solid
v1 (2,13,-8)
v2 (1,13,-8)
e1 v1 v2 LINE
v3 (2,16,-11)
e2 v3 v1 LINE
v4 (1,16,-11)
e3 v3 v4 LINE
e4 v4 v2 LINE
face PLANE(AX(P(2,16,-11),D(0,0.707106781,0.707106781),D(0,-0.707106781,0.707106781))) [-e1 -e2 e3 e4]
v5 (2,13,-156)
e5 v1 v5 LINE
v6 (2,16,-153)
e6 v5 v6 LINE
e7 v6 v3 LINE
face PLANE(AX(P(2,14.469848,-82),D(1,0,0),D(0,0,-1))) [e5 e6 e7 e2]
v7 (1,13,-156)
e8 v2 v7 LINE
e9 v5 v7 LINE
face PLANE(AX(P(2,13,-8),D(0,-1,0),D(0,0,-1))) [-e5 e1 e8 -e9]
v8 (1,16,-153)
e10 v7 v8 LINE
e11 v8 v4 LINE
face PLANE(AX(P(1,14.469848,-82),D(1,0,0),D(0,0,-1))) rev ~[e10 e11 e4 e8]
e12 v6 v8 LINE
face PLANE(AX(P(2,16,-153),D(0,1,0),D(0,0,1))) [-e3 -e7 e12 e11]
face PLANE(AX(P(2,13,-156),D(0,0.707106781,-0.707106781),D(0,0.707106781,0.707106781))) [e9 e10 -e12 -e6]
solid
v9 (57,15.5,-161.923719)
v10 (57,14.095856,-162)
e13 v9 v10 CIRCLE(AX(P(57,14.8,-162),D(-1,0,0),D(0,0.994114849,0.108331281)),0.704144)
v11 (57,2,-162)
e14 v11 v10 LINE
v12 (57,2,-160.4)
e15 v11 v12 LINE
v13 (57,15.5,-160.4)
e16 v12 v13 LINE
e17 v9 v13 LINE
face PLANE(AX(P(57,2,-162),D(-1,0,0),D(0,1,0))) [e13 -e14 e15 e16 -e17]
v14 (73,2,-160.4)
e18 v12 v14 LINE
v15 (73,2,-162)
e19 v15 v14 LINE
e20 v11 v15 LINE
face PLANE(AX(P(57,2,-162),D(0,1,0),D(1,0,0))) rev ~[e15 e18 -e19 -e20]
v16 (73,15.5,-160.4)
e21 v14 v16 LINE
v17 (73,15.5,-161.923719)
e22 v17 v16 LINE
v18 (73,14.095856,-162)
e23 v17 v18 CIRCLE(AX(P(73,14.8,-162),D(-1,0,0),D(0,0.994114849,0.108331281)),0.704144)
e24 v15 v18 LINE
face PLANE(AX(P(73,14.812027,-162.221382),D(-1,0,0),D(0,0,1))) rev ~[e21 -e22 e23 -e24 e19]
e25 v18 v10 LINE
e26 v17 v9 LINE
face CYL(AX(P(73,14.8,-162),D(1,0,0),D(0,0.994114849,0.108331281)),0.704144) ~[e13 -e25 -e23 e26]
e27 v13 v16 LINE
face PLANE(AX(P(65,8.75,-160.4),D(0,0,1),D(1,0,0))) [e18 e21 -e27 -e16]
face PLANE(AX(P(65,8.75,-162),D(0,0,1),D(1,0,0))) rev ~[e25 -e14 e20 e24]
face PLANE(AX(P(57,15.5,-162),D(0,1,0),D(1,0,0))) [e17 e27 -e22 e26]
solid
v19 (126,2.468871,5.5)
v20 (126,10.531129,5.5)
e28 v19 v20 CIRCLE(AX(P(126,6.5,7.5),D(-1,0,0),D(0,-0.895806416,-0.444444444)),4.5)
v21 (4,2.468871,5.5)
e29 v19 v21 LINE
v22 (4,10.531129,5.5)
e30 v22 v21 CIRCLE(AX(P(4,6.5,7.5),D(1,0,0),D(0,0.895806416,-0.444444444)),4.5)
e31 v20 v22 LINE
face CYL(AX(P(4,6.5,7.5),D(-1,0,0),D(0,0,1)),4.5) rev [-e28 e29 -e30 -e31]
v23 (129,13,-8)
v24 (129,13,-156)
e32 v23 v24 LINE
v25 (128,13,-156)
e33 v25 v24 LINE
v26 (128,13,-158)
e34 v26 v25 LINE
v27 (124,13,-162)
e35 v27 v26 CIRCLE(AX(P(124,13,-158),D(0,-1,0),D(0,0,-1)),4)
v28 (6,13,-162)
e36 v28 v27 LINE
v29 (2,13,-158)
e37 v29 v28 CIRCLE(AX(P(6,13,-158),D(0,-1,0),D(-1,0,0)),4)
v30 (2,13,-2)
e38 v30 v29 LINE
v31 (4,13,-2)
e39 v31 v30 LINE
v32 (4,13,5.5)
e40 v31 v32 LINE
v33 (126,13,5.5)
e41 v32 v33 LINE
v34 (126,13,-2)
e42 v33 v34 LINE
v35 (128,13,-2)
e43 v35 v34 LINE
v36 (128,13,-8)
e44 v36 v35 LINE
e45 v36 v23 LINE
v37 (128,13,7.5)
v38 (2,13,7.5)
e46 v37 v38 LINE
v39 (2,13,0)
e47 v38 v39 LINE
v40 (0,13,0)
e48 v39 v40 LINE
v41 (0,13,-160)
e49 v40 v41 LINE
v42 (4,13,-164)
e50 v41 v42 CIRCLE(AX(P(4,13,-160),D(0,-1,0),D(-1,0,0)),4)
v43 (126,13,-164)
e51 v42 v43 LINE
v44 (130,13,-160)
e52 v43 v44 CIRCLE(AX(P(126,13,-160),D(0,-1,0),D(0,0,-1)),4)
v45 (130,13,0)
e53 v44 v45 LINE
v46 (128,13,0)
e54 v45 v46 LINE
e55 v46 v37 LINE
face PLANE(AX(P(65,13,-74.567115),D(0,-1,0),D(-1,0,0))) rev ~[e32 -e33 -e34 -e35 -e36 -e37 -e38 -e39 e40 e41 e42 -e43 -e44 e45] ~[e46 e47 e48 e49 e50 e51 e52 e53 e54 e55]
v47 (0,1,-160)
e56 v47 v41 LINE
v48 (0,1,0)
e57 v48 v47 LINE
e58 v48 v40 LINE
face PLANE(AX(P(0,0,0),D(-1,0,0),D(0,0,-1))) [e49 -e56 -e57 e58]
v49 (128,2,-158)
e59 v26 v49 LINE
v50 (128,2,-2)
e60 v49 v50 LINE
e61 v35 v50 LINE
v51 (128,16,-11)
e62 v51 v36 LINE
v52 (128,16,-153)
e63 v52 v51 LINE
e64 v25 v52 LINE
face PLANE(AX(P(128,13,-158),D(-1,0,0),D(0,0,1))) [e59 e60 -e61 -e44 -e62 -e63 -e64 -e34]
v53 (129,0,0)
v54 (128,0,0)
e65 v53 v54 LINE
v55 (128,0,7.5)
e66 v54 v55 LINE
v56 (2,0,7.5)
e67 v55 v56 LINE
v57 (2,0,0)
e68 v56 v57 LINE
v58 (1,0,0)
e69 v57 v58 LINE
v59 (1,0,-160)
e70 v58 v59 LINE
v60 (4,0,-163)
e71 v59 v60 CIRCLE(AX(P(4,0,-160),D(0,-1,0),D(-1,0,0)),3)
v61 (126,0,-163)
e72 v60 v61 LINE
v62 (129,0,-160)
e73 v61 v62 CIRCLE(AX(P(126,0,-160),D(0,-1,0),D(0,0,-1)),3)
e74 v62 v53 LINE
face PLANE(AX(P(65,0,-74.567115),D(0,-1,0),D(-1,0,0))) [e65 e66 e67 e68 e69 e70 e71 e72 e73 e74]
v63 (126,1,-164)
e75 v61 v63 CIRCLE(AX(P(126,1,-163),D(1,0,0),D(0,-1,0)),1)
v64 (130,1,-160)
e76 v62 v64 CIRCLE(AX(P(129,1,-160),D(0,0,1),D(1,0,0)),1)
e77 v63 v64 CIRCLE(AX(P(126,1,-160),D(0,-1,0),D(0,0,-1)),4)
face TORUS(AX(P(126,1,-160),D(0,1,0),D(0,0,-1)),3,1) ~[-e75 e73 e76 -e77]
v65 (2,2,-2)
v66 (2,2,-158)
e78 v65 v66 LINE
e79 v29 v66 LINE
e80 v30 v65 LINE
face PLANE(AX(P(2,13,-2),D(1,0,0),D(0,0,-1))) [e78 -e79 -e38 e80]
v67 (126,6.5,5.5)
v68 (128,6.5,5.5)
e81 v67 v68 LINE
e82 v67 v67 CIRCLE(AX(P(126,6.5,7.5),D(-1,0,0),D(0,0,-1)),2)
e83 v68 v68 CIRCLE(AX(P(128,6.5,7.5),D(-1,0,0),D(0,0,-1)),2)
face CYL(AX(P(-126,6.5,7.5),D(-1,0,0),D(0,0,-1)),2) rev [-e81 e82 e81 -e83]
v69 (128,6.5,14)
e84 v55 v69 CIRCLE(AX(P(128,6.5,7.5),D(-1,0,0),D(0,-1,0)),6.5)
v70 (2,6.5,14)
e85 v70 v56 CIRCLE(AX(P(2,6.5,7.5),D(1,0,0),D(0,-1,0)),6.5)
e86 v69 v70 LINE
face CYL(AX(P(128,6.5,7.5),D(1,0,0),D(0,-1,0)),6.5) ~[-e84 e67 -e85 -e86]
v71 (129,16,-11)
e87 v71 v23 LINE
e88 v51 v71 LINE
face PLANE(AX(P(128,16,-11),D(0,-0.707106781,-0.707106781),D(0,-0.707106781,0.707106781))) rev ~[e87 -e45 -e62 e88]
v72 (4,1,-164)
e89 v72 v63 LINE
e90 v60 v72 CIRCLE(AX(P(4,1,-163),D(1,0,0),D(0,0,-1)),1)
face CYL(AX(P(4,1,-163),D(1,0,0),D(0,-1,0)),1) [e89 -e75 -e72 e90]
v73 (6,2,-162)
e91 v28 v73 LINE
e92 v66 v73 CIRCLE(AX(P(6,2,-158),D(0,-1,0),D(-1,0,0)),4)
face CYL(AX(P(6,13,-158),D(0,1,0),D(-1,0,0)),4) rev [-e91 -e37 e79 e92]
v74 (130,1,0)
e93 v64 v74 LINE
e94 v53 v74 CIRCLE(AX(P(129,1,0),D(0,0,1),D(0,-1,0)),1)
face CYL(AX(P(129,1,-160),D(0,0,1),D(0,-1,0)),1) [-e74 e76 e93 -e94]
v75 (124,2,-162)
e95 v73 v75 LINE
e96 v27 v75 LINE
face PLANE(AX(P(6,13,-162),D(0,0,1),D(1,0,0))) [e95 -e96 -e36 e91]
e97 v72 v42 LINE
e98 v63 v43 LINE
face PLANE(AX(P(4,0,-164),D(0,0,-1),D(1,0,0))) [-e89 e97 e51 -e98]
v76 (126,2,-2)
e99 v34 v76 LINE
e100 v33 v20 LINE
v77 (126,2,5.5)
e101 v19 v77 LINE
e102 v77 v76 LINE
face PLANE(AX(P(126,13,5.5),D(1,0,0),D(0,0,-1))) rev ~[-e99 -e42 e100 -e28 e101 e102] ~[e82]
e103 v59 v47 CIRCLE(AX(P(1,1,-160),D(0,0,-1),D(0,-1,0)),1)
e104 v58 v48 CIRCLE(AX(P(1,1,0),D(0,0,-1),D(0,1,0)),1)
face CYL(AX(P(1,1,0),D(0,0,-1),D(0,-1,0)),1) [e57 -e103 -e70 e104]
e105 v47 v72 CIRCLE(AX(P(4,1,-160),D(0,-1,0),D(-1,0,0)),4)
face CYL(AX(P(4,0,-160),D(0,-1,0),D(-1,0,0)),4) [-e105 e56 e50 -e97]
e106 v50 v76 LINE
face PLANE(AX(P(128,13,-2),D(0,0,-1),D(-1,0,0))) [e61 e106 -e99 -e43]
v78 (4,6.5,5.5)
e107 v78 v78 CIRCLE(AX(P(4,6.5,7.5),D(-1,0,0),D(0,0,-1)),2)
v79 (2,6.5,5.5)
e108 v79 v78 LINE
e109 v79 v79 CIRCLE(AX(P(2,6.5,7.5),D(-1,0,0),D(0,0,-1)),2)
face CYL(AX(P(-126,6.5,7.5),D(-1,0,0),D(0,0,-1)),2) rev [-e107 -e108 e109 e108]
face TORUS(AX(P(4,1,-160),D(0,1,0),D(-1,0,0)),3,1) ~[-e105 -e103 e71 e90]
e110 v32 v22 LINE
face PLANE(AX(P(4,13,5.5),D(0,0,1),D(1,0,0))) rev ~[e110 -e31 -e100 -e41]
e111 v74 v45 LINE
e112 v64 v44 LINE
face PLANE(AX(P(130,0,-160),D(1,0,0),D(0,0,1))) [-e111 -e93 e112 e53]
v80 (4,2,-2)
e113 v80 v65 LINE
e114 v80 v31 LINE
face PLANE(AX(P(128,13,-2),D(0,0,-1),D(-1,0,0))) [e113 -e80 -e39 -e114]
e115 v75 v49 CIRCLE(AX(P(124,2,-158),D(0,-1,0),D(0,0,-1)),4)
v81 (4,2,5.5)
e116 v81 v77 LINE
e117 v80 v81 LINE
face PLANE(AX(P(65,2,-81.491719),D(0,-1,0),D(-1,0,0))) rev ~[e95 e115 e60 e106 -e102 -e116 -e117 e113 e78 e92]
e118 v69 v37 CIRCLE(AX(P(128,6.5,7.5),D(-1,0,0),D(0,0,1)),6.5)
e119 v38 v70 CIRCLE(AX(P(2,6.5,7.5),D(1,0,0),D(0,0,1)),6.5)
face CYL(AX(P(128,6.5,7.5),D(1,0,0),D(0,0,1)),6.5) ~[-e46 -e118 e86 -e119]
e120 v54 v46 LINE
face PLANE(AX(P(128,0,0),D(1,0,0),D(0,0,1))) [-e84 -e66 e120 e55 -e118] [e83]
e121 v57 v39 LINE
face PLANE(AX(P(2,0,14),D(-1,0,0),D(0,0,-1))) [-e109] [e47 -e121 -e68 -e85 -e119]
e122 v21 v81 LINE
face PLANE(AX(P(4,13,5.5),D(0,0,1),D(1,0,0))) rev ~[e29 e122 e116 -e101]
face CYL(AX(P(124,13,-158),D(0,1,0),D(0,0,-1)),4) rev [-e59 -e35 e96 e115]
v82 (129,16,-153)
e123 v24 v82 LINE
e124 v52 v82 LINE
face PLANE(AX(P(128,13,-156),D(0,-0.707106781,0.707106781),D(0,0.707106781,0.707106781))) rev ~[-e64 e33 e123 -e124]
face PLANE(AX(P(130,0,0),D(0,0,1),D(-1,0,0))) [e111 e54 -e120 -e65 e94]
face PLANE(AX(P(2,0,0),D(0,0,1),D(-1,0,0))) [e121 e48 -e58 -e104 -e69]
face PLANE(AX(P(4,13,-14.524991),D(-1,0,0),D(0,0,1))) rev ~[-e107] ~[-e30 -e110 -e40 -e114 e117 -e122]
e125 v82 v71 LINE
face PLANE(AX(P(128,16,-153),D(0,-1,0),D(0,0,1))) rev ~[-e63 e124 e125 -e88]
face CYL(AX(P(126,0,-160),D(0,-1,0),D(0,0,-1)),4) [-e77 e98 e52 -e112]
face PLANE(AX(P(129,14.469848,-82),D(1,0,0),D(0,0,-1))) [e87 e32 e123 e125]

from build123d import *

# Parameters (mm, degrees)
SALIENTE_EXTRUIR1_DEPTH     = 13
CORTAR_EXTRUIR7_DEPTH       = 11
CORTAR_EXTRUIR9_DEPTH       = 140
CROQUIS10_R                 = 4.5
CORTAR_EXTRUIR10_DEPTH      = 122
CROQUIS11_W                 = 122
CROQUIS11_H                 = 12.524990812
CORTAR_EXTRUIR12_DEPTH      = 11
CORTAR_EXTRUIR13_DEPTH      = 130
CORTAR_EXTRUIR13_DEPTH_BACK = 130
CROQUIS12_R                 = 2
CROQUIS13_W                 = 16
CROQUIS13_H                 = 13.5
SALIENTE_EXTRUIR3_DEPTH     = 1.6
SALIENTE_EXTRUIR4_DEPTH     = 16
REDONDEO1_R                 = 1
SALIENTE_EXTRUIR5_DEPTH     = 1
SALIENTE_EXTRUIR6_DEPTH     = 1


with BuildPart() as part:
    # Croquis1 → Saliente-Extruir1 (new body)
    with BuildSketch(Plane(origin=(0, 0, 0), x_dir=(1, 0, 0), z_dir=(0, 1, 0))):
        with BuildLine():
            Line((130, 0), (128, 0))
            Line((128, 0), (128, -14))
            Line((128, -14), (2, -14))
            Line((2, -14), (2, 0))
            Line((2, 0), (0, 0))
            Line((0, 0), (0, 160))
            ThreePointArc((0, 160), (1.171572875, 162.828427125), (4, 164))
            Line((4, 164), (126, 164))
            ThreePointArc((126, 164), (128.828427125, 162.828427125), (130, 160))
            Line((130, 160), (130, 0))
        make_face()
    extrude(amount=SALIENTE_EXTRUIR1_DEPTH)

    # Croquis7 → Cortar-Extruir7 (cut)
    with BuildSketch(Plane(origin=(0, 13, 0), x_dir=(1, 0, 0), z_dir=(0, 1, 0))):
        with BuildLine():
            ThreePointArc((124, 162), (126.828427125, 160.828427125), (128, 158))
            Line((128, 158), (128, 2))
            Line((128, 2), (2, 2))
            Line((2, 2), (2, 158))
            ThreePointArc((2, 158), (3.171572875, 160.828427125), (6, 162))
            Line((6, 162), (62.001239157, 162))
            Line((62.001239157, 162), (124, 162))
        make_face()
    extrude(amount=-CORTAR_EXTRUIR7_DEPTH, mode=Mode.SUBTRACT)

    # Croquis8 → Cortar-Extruir9 (cut)
    with BuildSketch(Plane(origin=(128, 0, 0), x_dir=(0, 0, -1), z_dir=(1, 0, 0))):
        with BuildLine():
            ThreePointArc((-14, 6.5), (-12.096194078, 11.096194078), (-7.5, 13))
            Line((-7.5, 13), (-14, 13))
            Line((-14, 13), (-14, 6.5))
        make_face()
        with BuildLine():
            Line((-14, 0), (-7.5, 0))
            ThreePointArc((-7.5, 0), (-12.096194078, 1.903805922), (-14, 6.5))
            Line((-14, 6.5), (-14, 0))
        make_face()
    extrude(amount=-CORTAR_EXTRUIR9_DEPTH, mode=Mode.SUBTRACT)

    # Croquis10 → Cortar-Extruir10 (cut)
    with BuildSketch(Plane(origin=(4, 0, 0), x_dir=(0, 0, -1), z_dir=(1, 0, 0))):
        with Locations(Location((-7.5, 6.5, 0), (0, 0, 180))):
            Circle(CROQUIS10_R)
    extrude(amount=CORTAR_EXTRUIR10_DEPTH, mode=Mode.SUBTRACT)

    # Croquis11 → Cortar-Extruir12 (cut)
    with BuildSketch(Plane(origin=(0, 13, 0), x_dir=(1, 0, 0), z_dir=(0, 1, 0))):
        Polygon((4, 2), (4, -5.5), (6, -5.5), (126, -5.5), (126, 2), align=None)
        with Locations((65, 8.262495406)):
            Rectangle(CROQUIS11_W, CROQUIS11_H)
    extrude(amount=-CORTAR_EXTRUIR12_DEPTH, mode=Mode.SUBTRACT)

    # Croquis12 → Cortar-Extruir13 (cut, two sides: drawn at the far end of the back side and taken through both)
    with BuildSketch(Plane(origin=(4, 0, 0), x_dir=(0, 0, -1), z_dir=(1, 0, 0)).offset(-CORTAR_EXTRUIR13_DEPTH_BACK)):
        with Locations((-7.5, 6.5)):
            Circle(CROQUIS12_R)
    extrude(amount=CORTAR_EXTRUIR13_DEPTH + CORTAR_EXTRUIR13_DEPTH_BACK, mode=Mode.SUBTRACT)

    # Redondeo1
    redondeo1_edges = [part.edges().sort_by_distance(p)[0] for p in [
        (128.828427125, 0, -162.828427125),
        (130, 0, -80),
        (0, 0, -80),
        (1.171572875, 0, -162.828427125),
        (65, 0, -164),
    ]]
    fillet(redondeo1_edges, radius=REDONDEO1_R)

    # Croquis16 → Saliente-Extruir6 (add)
    with BuildSketch(Plane(origin=(128, 0, 0), x_dir=(0, 0, -1), z_dir=(1, 0, 0))):
        Polygon((156, 13), (153, 16), (11, 16), (8, 13), align=None)
    extrude(amount=SALIENTE_EXTRUIR6_DEPTH)


with BuildPart() as body_2:
    # Croquis13 → Saliente-Extruir3 (new body)
    with BuildSketch(Plane.XY.offset(-162)):
        with Locations((65, 8.75)):
            Rectangle(CROQUIS13_W, CROQUIS13_H)
    extrude(amount=SALIENTE_EXTRUIR3_DEPTH)

    # Croquis14 → Saliente-Extruir4 (add)
    with BuildSketch(Plane(origin=(73, 0, 0), x_dir=(0, 0, -1), z_dir=(1, 0, 0))):
        with BuildLine():
            Line((162, 14.095856006), (161.923719179, 15.5))
            ThreePointArc((161.923719179, 15.5), (162.703107232, 14.83819665), (162, 14.095856006))
        make_face()
    extrude(amount=-SALIENTE_EXTRUIR4_DEPTH)


with BuildPart() as body_3:
    # Croquis15 → Saliente-Extruir5 (new body)
    with BuildSketch(Plane(origin=(2, 0, 0), x_dir=(0, 0, -1), z_dir=(1, 0, 0))):
        Polygon((153, 16), (11, 16), (8, 13), (156, 13), align=None)
    extrude(amount=-SALIENTE_EXTRUIR5_DEPTH)


solid = Compound([part.part, body_2.part, body_3.part])
